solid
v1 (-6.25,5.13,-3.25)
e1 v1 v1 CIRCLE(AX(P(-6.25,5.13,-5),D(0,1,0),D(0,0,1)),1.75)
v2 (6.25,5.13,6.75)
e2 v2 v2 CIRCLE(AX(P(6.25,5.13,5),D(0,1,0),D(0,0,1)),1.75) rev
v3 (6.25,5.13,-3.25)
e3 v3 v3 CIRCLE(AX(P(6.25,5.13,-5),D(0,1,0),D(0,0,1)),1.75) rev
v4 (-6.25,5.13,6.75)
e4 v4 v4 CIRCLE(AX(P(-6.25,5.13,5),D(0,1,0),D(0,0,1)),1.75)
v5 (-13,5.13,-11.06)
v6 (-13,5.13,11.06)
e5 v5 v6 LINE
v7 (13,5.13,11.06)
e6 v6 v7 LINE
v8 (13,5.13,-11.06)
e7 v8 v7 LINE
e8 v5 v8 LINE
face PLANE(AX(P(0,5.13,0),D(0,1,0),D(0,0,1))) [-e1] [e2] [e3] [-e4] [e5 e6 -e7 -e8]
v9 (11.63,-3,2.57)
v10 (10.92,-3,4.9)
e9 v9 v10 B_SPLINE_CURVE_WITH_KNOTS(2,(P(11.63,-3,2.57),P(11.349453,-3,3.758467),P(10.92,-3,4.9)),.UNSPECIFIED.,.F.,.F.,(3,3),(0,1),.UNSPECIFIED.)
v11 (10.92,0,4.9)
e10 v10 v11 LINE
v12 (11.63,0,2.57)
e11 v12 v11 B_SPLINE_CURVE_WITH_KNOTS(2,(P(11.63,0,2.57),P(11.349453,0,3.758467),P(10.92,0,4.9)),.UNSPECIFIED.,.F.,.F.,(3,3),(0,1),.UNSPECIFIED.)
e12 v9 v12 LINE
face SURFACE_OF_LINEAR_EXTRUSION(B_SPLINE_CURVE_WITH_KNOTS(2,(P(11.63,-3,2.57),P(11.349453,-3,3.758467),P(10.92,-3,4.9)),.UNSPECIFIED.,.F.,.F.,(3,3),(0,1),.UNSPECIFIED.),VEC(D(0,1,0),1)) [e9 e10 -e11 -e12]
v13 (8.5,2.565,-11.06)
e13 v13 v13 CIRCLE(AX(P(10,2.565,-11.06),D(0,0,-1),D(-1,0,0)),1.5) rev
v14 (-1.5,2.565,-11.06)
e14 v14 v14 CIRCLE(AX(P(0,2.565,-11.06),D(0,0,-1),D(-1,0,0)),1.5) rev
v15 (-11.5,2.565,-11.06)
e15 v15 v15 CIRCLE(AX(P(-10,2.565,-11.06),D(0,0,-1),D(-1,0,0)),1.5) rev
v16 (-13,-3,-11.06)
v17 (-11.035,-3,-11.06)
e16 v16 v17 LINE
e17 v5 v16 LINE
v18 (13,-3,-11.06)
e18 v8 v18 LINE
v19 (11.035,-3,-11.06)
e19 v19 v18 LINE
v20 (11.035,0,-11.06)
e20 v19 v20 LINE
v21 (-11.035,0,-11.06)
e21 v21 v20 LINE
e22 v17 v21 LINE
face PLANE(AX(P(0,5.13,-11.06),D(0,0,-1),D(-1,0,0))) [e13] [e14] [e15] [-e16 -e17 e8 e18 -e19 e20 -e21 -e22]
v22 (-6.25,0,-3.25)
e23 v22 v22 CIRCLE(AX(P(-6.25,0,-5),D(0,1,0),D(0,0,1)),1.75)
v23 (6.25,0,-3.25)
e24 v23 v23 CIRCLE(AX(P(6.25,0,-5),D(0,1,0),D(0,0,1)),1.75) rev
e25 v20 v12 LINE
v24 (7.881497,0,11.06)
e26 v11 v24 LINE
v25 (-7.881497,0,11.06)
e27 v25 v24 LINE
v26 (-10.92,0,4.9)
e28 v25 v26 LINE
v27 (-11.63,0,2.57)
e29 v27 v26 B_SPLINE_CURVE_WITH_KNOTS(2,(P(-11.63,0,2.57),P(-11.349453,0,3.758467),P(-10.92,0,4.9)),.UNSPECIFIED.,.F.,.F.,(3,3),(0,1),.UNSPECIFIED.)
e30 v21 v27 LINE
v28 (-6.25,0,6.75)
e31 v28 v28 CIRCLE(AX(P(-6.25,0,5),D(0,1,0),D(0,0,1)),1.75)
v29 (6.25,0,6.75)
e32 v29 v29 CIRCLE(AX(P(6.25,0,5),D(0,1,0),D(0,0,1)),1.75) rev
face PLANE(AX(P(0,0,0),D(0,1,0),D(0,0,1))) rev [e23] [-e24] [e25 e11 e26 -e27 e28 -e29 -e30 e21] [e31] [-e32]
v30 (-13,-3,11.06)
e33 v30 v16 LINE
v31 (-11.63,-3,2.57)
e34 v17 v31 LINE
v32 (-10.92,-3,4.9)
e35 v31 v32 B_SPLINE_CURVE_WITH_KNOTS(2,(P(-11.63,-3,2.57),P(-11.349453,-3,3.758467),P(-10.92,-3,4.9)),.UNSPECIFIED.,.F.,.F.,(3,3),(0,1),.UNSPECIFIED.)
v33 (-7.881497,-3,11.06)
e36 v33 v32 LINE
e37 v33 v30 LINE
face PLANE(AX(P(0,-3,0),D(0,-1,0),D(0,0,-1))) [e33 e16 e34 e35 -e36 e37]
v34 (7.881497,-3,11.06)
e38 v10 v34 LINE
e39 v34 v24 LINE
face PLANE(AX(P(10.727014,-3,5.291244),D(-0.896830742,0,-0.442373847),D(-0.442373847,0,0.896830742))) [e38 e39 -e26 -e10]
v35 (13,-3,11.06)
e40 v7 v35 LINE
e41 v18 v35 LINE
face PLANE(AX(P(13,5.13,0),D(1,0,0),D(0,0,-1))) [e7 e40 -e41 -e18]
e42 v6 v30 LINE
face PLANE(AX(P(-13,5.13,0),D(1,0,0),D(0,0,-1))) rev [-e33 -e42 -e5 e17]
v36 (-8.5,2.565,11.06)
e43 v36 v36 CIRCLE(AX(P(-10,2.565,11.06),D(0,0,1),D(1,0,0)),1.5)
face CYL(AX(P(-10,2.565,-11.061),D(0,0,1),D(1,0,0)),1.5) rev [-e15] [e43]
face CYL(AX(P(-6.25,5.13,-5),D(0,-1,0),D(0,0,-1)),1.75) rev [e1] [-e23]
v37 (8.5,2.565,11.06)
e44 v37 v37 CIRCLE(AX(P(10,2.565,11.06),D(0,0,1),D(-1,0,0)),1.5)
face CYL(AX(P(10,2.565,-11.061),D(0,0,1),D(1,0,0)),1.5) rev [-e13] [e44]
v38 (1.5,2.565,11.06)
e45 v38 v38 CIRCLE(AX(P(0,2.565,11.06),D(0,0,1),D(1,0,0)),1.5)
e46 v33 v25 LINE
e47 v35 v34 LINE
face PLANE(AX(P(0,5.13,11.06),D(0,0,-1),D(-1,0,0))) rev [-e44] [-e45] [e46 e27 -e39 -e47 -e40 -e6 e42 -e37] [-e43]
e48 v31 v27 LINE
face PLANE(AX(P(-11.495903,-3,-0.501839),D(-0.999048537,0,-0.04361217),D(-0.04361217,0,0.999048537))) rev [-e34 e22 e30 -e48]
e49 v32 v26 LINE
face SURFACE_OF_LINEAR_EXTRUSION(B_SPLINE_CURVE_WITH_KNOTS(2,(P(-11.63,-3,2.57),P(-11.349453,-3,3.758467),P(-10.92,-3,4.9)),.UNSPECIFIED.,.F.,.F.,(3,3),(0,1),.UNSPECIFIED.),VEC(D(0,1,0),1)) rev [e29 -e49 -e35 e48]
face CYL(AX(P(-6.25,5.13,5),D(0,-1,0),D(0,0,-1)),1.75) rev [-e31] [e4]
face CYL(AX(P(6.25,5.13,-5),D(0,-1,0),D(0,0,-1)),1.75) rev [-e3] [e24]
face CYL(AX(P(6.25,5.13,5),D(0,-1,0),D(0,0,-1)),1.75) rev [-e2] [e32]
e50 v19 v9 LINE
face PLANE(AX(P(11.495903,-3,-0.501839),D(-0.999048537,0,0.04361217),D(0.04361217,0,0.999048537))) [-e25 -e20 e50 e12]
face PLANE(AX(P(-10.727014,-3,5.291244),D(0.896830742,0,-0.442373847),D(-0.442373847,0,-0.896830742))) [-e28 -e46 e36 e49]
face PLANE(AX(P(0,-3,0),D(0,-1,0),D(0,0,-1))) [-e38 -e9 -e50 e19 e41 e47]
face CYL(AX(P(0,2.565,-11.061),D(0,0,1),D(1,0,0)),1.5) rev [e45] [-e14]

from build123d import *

# Parameters (mm, degrees)
SKETCH1_W           = 26
SKETCH1_H           = 22.12
SKETCH1_R           = 1.75
BOSS_EXTRUDE1_DEPTH = 5.13
CUT_EXTRUDE1_REACH  = 28.165
SKETCH2_R           = 1.5
BOSS_EXTRUDE2_DEPTH = 3


with BuildPart() as part:
    # Sketch1 → Boss-Extrude1 (new body)
    with BuildSketch(Plane(origin=(0, 0, 0), x_dir=(1, 0, 0), z_dir=(0, 1, 0))):
        Rectangle(SKETCH1_W, SKETCH1_H)
        with Locations((-6.25, -5)):
            Circle(SKETCH1_R, mode=Mode.SUBTRACT)
        with Locations((6.25, -5)):
            Circle(SKETCH1_R, mode=Mode.SUBTRACT)
        with Locations((-6.25, 5)):
            Circle(SKETCH1_R, mode=Mode.SUBTRACT)
        with Locations((6.25, 5)):
            Circle(SKETCH1_R, mode=Mode.SUBTRACT)
    extrude(amount=BOSS_EXTRUDE1_DEPTH)

    # Sketch2 → Cut-Extrude1 (cut, up to next)
    with BuildSketch(Plane.XY.offset(11.06), mode=Mode.PRIVATE) as cut_extrude1_sk1:
        with Locations((0, 2.565)):
            Circle(SKETCH2_R)
    cut_extrude1_tool1 = extrude(cut_extrude1_sk1.sketch, amount=-CUT_EXTRUDE1_REACH, mode=Mode.PRIVATE) & part.part
    # Sketch2 → Cut-Extrude1 (cut, up to next)
    with BuildSketch(Plane.XY.offset(11.06), mode=Mode.PRIVATE) as cut_extrude1_sk2:
        with Locations((-10, 2.565)):
            Circle(SKETCH2_R)
    cut_extrude1_tool2 = extrude(cut_extrude1_sk2.sketch, amount=-CUT_EXTRUDE1_REACH, mode=Mode.PRIVATE) & part.part
    # Sketch2 → Cut-Extrude1 (cut, up to next)
    with BuildSketch(Plane.XY.offset(11.06), mode=Mode.PRIVATE) as cut_extrude1_sk3:
        with Locations((10, 2.565)):
            Circle(SKETCH2_R)
    cut_extrude1_tool3 = extrude(cut_extrude1_sk3.sketch, amount=-CUT_EXTRUDE1_REACH, mode=Mode.PRIVATE) & part.part
    add(cut_extrude1_tool1.solids().sort_by_distance((0, 2.565, 11.06))[0], mode=Mode.SUBTRACT)
    add(cut_extrude1_tool2.solids().sort_by_distance((-10, 2.565, 11.06))[0], mode=Mode.SUBTRACT)
    add(cut_extrude1_tool3.solids().sort_by_distance((10, 2.565, 11.06))[0], mode=Mode.SUBTRACT)

    # Sketch3 → Boss-Extrude2 (add)
    with BuildSketch(Plane.XZ):
        with BuildLine():
            Line((-13, -11.06), (-11.035, -11.06))
            Line((-11.035, -11.06), (-11.63, 2.57))
            add(Edge.make_bspline(
                [(-11.63, 2.57), (-11.34945273, 3.758467492), (-10.92, 4.9)],
                knots=[0, 0, 0, 1, 1, 1], degree=2))
            Line((-10.92, 4.9), (-7.881497006, 11.06))
            Line((-7.881497006, 11.06), (-13, 11.06))
            Line((-13, 11.06), (-13, -11.06))
        make_face()
        with BuildLine():
            Line((11.63, 2.57), (11.035, -11.06))
            Line((11.035, -11.06), (13, -11.06))
            Line((13, -11.06), (13, 11.06))
            Line((13, 11.06), (7.881497006, 11.06))
            Line((7.881497006, 11.06), (10.92, 4.9))
            add(Edge.make_bspline(
                [(11.63, 2.57), (11.34945273, 3.758467492), (10.92, 4.9)],
                knots=[0, 0, 0, 1, 1, 1], degree=2))
        make_face()
    extrude(amount=BOSS_EXTRUDE2_DEPTH)


solid = part.part
